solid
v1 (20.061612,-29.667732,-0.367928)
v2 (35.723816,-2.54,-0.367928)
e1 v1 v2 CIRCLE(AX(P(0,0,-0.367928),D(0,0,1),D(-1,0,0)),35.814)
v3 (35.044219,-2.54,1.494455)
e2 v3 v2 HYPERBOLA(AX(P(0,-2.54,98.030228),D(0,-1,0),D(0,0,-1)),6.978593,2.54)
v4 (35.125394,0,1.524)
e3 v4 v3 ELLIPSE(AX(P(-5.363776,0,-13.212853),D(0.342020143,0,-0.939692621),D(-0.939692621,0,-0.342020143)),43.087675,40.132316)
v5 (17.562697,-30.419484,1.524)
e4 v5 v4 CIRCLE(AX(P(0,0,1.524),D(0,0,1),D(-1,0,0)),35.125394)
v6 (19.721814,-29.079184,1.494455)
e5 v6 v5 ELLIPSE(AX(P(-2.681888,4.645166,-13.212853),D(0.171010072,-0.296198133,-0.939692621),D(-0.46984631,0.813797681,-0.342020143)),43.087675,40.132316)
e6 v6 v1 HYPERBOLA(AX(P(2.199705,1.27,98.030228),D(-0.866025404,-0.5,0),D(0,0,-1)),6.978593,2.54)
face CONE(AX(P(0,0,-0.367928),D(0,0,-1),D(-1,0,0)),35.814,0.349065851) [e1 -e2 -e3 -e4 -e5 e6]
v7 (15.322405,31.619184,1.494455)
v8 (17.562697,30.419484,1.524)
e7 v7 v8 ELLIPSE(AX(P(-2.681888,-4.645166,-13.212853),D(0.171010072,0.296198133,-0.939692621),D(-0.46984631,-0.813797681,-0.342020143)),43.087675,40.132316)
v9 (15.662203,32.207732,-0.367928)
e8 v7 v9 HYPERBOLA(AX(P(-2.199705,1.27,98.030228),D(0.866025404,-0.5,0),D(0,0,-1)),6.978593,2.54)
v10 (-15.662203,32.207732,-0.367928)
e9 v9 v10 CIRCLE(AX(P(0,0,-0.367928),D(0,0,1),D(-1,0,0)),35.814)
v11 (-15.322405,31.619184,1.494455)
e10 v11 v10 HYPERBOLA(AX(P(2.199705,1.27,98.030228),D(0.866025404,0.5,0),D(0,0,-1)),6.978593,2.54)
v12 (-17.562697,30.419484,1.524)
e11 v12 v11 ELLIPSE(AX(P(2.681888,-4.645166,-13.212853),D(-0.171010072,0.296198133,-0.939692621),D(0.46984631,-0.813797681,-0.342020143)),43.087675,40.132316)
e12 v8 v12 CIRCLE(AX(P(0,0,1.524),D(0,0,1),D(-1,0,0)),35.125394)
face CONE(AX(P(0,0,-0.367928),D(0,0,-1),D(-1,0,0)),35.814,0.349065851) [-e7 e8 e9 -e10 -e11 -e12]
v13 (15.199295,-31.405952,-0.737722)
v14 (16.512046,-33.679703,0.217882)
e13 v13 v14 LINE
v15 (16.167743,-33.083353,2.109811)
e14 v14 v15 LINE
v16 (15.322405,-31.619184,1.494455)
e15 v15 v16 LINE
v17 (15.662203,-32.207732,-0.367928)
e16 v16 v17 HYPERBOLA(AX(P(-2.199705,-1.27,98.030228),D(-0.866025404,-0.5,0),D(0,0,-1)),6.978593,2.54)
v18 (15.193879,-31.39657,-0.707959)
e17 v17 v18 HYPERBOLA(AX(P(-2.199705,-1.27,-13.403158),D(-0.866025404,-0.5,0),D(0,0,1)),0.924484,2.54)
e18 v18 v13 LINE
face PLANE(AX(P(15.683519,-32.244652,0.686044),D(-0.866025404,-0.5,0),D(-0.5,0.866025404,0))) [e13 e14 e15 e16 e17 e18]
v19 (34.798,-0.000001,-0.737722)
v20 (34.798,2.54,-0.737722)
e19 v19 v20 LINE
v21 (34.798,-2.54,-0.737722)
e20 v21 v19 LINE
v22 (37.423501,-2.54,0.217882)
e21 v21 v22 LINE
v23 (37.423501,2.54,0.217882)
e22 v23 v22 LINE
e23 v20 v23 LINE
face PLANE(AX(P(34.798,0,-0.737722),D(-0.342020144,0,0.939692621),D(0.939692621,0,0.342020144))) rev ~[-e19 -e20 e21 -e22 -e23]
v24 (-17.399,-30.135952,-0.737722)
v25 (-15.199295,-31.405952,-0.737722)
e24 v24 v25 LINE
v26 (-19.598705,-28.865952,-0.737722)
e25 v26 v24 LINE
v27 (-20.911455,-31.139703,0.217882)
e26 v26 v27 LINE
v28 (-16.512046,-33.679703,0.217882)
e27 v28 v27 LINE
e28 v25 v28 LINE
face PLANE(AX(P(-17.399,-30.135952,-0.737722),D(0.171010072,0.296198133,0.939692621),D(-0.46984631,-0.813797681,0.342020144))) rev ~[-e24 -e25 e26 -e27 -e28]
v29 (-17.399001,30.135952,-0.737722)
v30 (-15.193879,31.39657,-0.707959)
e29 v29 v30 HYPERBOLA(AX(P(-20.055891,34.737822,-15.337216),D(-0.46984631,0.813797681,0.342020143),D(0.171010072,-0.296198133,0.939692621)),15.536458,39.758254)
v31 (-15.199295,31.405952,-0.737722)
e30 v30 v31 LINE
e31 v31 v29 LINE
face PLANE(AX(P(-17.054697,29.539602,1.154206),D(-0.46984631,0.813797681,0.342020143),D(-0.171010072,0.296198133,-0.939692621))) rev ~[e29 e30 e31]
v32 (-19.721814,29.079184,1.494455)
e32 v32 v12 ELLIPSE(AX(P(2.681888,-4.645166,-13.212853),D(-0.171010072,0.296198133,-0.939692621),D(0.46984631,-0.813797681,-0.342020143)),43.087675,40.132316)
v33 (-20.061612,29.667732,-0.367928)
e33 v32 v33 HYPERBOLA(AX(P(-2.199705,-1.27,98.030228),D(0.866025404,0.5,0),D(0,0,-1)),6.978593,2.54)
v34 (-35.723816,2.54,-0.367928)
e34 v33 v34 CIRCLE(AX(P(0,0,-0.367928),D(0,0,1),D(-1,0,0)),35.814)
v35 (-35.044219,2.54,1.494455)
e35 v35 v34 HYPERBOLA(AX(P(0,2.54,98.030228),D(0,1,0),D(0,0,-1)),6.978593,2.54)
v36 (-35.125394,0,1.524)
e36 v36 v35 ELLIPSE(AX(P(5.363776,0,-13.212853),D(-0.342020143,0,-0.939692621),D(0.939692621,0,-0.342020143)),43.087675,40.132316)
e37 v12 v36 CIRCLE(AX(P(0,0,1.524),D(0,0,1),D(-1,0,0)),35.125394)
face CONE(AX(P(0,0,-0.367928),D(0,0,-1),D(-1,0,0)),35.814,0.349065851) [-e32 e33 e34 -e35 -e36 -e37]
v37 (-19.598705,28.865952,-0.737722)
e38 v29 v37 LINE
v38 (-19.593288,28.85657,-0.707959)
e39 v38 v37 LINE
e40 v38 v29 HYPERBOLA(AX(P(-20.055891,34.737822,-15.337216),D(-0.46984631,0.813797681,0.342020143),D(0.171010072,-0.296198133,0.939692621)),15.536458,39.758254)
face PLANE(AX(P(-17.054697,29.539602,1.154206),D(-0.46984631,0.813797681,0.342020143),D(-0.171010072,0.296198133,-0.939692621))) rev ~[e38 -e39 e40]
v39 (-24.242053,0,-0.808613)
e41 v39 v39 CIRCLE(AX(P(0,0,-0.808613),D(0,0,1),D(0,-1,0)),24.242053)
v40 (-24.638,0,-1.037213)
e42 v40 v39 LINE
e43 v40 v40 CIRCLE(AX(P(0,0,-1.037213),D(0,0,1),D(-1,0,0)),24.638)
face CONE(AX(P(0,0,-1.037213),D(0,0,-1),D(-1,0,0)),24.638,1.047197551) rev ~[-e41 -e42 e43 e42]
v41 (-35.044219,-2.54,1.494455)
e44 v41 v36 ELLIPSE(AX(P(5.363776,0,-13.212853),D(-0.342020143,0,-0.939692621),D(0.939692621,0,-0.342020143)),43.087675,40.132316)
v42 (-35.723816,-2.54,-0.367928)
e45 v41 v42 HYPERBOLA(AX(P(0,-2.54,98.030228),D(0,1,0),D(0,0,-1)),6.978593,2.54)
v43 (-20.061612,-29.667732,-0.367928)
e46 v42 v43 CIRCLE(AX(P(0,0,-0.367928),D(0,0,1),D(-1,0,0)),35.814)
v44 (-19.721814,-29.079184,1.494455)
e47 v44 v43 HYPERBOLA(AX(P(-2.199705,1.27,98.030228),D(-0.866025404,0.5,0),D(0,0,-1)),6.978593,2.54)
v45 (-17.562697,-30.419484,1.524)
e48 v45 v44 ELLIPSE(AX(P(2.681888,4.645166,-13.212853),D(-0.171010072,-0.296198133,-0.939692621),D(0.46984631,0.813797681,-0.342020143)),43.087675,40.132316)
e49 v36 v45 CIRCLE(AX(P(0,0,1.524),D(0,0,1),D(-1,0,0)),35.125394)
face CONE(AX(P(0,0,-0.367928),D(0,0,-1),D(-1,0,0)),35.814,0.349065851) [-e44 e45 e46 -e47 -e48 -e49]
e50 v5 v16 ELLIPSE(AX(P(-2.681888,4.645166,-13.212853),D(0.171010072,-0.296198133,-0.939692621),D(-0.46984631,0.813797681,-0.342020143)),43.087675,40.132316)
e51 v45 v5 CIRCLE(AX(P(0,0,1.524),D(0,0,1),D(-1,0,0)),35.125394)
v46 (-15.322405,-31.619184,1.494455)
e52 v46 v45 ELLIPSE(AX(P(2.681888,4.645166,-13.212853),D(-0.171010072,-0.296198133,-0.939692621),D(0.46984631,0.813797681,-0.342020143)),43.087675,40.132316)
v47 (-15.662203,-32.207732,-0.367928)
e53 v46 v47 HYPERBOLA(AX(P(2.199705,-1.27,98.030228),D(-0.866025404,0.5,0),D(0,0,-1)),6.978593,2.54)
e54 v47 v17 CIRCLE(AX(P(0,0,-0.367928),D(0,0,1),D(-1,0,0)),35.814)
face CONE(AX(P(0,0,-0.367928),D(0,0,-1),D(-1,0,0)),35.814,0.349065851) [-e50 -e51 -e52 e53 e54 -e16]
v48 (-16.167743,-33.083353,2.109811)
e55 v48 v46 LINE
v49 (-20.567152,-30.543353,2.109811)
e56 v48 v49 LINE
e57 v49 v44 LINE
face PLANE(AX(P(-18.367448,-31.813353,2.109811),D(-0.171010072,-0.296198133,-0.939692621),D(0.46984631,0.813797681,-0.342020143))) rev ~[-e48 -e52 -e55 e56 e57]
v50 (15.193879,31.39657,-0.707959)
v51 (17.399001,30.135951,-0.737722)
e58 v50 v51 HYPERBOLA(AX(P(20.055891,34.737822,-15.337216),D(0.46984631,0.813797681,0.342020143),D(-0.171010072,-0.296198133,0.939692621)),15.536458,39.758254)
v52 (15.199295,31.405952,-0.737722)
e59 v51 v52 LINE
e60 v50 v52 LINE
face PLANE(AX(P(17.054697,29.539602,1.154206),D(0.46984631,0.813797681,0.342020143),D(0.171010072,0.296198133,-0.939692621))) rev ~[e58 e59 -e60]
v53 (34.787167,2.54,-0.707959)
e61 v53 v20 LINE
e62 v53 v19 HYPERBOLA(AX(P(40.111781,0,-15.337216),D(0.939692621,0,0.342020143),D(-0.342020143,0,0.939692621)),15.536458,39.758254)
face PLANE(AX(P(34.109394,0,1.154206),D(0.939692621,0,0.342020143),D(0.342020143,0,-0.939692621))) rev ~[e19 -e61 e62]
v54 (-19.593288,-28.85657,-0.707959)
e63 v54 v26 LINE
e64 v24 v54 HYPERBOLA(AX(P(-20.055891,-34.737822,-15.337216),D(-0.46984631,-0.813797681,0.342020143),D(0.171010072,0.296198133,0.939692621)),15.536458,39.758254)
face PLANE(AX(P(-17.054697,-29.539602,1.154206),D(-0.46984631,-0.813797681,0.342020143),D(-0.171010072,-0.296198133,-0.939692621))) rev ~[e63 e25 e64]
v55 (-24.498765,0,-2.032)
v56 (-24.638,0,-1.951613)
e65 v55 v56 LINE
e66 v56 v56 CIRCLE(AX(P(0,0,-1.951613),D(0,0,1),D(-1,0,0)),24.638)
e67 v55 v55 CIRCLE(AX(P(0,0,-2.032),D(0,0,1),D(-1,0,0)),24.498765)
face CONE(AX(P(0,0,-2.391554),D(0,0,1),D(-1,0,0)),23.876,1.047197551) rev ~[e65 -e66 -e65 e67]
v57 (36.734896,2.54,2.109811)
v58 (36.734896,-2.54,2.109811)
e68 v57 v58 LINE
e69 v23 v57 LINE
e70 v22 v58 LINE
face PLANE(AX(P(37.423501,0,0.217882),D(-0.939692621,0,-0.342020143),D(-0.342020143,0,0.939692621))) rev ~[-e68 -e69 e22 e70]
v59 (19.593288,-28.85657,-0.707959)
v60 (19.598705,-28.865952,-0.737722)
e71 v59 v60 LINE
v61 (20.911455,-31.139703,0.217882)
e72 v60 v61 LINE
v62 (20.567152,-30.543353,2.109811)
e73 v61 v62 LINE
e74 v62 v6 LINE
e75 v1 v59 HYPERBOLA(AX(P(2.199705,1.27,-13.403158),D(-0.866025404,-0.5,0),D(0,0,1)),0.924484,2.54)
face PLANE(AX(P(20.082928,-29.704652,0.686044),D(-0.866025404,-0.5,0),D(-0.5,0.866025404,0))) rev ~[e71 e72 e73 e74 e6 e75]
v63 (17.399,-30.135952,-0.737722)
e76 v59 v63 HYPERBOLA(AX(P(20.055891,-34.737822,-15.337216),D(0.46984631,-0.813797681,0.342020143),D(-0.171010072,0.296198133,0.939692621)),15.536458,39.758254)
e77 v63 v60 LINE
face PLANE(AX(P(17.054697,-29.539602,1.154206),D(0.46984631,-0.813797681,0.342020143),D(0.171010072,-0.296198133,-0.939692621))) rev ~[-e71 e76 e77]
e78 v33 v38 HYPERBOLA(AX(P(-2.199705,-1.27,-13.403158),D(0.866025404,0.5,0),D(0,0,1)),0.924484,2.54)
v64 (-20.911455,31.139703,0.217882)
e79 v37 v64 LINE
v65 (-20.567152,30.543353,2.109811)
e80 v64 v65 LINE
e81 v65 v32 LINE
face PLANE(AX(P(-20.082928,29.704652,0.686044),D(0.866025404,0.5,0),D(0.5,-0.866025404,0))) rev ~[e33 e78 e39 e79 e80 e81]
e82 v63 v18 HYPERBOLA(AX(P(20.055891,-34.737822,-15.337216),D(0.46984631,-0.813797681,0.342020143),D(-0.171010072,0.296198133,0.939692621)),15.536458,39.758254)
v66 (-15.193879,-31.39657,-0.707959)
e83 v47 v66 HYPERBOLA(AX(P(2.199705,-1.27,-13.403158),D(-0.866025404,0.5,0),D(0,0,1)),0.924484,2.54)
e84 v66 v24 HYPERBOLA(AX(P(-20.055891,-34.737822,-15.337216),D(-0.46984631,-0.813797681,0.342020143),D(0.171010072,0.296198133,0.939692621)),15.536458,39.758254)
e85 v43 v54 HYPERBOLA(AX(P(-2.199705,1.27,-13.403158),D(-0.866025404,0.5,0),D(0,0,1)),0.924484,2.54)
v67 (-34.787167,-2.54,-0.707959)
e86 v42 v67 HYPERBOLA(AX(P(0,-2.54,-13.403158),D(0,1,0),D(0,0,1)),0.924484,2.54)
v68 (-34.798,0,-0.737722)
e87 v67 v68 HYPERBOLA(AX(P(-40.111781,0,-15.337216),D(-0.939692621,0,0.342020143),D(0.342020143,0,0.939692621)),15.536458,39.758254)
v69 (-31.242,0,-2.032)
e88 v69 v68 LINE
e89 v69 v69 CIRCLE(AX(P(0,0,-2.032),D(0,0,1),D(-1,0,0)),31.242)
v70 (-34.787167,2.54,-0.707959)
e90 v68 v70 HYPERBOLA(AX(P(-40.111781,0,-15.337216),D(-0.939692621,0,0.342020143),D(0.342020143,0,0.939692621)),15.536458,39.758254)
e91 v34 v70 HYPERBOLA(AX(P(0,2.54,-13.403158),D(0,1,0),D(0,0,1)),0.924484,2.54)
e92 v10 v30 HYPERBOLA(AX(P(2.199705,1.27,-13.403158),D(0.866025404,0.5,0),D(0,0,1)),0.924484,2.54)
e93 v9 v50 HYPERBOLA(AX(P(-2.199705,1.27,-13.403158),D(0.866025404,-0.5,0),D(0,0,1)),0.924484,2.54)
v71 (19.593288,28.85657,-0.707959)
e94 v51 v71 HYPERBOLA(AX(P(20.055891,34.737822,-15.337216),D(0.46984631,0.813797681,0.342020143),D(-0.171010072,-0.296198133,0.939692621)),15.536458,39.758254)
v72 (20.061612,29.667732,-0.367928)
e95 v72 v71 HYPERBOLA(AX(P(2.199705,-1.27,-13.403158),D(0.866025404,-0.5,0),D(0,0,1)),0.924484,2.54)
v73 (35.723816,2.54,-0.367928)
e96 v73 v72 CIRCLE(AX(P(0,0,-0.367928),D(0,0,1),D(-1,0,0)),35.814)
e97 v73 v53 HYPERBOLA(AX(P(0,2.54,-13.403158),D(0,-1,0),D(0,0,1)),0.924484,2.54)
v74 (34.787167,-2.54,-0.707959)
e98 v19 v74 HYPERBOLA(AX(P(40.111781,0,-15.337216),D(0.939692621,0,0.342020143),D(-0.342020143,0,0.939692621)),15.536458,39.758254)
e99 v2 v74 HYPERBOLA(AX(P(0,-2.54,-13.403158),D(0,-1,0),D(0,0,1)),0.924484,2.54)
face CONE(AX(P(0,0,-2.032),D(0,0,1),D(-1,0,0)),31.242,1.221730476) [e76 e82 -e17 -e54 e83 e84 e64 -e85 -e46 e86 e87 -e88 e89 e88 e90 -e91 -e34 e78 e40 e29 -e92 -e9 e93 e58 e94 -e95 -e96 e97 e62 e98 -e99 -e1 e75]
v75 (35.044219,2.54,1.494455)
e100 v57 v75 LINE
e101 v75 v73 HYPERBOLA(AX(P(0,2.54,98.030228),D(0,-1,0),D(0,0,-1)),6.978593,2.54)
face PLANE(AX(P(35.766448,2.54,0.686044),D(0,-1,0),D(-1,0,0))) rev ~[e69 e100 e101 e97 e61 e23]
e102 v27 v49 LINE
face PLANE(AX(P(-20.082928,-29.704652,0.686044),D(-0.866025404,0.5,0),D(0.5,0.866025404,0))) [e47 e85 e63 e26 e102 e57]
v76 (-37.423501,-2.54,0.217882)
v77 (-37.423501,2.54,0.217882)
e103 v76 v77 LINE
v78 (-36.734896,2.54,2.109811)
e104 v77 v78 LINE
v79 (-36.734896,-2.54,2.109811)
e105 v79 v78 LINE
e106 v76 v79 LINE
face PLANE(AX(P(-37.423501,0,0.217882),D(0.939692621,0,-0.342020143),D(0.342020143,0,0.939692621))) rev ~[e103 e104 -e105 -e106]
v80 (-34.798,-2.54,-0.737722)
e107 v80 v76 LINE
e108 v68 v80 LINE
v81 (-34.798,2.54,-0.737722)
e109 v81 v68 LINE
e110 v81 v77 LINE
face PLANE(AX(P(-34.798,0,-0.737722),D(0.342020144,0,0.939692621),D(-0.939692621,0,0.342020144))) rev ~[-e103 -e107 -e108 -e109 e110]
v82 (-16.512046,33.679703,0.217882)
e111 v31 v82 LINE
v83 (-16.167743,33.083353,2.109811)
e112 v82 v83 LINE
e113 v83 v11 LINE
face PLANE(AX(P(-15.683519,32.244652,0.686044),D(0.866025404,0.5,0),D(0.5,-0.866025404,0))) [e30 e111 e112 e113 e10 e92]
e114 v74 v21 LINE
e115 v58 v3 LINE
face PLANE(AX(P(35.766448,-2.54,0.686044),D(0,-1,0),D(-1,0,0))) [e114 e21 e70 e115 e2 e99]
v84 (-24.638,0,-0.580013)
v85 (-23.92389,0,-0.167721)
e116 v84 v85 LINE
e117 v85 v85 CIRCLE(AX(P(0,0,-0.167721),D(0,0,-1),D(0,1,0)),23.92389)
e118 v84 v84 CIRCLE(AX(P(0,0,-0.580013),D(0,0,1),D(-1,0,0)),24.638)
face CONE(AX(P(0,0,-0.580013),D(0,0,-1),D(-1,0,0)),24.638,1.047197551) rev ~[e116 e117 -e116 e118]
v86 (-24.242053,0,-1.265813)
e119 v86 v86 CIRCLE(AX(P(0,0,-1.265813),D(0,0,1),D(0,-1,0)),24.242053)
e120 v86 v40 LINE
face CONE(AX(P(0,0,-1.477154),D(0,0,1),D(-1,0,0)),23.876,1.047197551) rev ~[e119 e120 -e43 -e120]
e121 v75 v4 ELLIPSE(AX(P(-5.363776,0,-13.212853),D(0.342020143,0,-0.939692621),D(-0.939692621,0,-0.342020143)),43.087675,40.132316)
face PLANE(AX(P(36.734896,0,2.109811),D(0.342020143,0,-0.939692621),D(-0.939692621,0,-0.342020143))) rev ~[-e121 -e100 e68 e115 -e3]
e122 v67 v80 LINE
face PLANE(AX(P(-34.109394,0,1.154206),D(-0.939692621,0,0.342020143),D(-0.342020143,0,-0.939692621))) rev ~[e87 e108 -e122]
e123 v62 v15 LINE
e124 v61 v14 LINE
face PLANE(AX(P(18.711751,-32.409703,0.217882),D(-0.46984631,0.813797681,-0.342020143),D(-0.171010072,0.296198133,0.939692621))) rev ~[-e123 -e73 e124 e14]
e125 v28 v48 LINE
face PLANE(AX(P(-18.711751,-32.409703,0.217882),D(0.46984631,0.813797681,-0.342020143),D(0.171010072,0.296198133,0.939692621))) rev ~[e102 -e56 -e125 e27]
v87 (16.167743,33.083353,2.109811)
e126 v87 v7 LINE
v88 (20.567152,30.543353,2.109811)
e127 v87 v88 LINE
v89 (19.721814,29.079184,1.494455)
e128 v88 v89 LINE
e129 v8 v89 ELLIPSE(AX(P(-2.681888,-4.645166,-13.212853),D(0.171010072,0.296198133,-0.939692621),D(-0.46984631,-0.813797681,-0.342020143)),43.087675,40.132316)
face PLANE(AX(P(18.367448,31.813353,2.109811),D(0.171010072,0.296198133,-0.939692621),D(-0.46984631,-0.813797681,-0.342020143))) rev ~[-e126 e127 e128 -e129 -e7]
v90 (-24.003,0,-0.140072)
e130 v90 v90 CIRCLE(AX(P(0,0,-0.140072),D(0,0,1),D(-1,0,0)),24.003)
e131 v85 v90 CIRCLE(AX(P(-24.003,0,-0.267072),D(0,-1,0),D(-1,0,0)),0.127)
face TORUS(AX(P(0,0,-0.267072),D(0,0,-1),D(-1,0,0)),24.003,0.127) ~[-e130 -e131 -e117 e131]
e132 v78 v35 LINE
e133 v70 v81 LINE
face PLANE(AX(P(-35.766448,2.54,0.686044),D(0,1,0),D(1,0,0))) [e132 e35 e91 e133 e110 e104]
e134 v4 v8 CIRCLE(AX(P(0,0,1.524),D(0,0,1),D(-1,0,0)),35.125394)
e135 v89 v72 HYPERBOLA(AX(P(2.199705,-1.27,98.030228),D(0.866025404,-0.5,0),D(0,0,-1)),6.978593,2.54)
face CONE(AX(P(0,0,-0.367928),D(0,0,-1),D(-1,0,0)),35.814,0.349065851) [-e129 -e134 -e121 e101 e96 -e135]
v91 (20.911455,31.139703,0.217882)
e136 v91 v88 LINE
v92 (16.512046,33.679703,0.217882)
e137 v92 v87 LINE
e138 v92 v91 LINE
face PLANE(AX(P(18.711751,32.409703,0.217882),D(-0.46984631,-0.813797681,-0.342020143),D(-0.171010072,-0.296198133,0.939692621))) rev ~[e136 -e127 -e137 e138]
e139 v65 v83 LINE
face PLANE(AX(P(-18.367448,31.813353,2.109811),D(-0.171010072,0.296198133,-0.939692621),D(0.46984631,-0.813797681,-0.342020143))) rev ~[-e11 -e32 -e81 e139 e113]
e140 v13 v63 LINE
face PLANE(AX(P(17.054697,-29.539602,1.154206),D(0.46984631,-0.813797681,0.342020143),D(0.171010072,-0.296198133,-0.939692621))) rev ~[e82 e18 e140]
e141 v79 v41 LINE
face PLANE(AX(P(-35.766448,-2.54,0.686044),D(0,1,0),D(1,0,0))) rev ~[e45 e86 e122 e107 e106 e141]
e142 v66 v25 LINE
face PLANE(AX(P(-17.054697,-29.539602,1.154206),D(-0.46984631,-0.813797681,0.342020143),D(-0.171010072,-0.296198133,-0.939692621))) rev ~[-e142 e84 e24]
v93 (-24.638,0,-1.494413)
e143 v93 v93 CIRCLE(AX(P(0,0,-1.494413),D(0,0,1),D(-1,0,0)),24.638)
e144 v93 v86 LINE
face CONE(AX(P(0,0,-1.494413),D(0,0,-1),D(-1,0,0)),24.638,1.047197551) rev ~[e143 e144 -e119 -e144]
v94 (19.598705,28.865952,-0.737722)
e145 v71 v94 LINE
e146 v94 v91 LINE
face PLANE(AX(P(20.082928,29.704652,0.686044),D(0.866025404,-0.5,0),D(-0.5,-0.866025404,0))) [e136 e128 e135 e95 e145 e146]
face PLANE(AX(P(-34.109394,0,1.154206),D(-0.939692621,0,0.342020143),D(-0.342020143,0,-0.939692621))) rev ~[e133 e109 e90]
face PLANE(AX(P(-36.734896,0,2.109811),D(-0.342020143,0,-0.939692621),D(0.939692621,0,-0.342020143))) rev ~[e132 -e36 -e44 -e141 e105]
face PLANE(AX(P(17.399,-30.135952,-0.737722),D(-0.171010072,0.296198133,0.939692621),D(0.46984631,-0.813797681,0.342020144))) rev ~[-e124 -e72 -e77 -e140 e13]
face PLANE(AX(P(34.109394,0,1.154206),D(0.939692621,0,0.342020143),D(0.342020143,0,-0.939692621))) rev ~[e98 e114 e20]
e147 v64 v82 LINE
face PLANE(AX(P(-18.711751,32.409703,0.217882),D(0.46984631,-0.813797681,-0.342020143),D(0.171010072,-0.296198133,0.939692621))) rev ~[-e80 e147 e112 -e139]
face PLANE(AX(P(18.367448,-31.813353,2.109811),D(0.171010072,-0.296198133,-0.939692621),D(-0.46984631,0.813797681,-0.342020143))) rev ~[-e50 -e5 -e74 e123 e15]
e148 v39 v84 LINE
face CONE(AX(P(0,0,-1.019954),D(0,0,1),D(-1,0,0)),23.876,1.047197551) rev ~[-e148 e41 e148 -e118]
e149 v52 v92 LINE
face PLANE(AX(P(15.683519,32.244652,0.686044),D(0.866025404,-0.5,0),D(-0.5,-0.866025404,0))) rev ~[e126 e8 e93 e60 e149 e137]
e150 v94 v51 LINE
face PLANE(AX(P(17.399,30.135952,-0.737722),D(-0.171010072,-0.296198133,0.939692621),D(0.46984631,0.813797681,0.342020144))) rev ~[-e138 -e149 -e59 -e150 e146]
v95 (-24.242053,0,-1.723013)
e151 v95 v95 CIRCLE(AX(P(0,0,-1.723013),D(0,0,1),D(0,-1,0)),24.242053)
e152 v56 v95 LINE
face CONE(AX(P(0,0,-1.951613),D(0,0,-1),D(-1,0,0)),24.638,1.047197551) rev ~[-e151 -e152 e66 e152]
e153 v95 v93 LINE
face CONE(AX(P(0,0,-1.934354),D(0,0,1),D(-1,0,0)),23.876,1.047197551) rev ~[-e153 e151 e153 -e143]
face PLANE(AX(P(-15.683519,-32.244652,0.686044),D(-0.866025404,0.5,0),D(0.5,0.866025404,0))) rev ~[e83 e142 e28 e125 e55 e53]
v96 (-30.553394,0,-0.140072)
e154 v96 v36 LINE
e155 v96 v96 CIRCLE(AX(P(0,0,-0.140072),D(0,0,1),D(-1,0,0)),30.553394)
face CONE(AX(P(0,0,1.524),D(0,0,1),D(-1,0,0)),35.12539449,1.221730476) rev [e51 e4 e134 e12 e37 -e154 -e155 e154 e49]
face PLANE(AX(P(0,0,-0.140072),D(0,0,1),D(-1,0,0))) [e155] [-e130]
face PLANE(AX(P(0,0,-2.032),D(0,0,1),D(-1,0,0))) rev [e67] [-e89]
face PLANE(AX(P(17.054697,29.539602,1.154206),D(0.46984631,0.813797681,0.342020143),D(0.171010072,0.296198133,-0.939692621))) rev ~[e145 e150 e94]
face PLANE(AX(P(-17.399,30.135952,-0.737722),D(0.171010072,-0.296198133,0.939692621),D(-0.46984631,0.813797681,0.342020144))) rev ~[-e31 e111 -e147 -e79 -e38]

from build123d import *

# Parameters (mm, degrees)
EXTRUDE3_DEPTH    = 2.54
CIRPATTERN1_COUNT = 6
FILLET4_R         = 0.127
LPATTERN1_COUNT   = 5
LPATTERN1_PITCH   = 0.4572


with BuildPart() as part:
    # Sketch1 → Revolve1 (revolve)
    with BuildSketch(Plane(origin=(0, 0, 0), x_dir=(1, 0, 0), z_dir=(0, 1, 0)), mode=Mode.PRIVATE) as revolve1_sk:
        Polygon((23.876, 2.032), (31.242, 2.032), (35.814, 0.367928089), (35.12539449, -1.524), (30.55339449, 0.140071911), (23.876, 0.140071911), align=None)
    revolve(revolve1_sk.sketch.rotate(Axis((0, 0, -37.83814433), (0, 0, 1)), 180), axis=Axis((0, 0, -37.83814433), (0, 0, 1)))  # turned: the seam where the file's is

    # Sketch3 → Extrude3 (add, symmetric)
    with BuildSketch(Plane(origin=(0, 0, 0), x_dir=(1, 0, 0), z_dir=(0, 1, 0))):
        Polygon((34.798, 0.737721847), (37.423501182, -0.217882434), (36.734895673, -2.109810522), (34.10939449, -1.154206242), align=None)
    extrude3 = extrude(amount=EXTRUDE3_DEPTH, both=True)

    # CirPattern1: Extrude3 ×6 about axis
    cirpattern1_axis = Axis((0, 0, 0), (0, 0, 1))
    for i in range(1, CIRPATTERN1_COUNT):
        add(extrude3.rotate(cirpattern1_axis, i * 360 / CIRPATTERN1_COUNT))

    # Fillet4
    fillet4_edges = [part.edges().sort_by_distance(p)[0] for p in [
        (23.876, 0, -0.140071911),
        (23.876, 0, -2.032),
    ]]
    fillet(fillet4_edges, radius=FILLET4_R)

    # Sketch4 → Cut-Revolve1 (revolve, cut)
    with BuildSketch(Plane(origin=(0, 0, 0), x_dir=(1, 0, 0), z_dir=(0, 1, 0))):
        Polygon((-23.876, 0.140071911), (-23.876, 1.019953721), (-24.638, 0.580012816), align=None)
    cut_revolve1 = revolve(axis=Axis((0, 0, -37.83814433), (0, 0, 1)), mode=Mode.SUBTRACT)

    # LPattern1: Cut-Revolve1 ×5
    with Locations(*[(0, 0, -i * LPATTERN1_PITCH) for i in range(1, LPATTERN1_COUNT)]):
        add(cut_revolve1, mode=Mode.SUBTRACT)


solid = part.part
